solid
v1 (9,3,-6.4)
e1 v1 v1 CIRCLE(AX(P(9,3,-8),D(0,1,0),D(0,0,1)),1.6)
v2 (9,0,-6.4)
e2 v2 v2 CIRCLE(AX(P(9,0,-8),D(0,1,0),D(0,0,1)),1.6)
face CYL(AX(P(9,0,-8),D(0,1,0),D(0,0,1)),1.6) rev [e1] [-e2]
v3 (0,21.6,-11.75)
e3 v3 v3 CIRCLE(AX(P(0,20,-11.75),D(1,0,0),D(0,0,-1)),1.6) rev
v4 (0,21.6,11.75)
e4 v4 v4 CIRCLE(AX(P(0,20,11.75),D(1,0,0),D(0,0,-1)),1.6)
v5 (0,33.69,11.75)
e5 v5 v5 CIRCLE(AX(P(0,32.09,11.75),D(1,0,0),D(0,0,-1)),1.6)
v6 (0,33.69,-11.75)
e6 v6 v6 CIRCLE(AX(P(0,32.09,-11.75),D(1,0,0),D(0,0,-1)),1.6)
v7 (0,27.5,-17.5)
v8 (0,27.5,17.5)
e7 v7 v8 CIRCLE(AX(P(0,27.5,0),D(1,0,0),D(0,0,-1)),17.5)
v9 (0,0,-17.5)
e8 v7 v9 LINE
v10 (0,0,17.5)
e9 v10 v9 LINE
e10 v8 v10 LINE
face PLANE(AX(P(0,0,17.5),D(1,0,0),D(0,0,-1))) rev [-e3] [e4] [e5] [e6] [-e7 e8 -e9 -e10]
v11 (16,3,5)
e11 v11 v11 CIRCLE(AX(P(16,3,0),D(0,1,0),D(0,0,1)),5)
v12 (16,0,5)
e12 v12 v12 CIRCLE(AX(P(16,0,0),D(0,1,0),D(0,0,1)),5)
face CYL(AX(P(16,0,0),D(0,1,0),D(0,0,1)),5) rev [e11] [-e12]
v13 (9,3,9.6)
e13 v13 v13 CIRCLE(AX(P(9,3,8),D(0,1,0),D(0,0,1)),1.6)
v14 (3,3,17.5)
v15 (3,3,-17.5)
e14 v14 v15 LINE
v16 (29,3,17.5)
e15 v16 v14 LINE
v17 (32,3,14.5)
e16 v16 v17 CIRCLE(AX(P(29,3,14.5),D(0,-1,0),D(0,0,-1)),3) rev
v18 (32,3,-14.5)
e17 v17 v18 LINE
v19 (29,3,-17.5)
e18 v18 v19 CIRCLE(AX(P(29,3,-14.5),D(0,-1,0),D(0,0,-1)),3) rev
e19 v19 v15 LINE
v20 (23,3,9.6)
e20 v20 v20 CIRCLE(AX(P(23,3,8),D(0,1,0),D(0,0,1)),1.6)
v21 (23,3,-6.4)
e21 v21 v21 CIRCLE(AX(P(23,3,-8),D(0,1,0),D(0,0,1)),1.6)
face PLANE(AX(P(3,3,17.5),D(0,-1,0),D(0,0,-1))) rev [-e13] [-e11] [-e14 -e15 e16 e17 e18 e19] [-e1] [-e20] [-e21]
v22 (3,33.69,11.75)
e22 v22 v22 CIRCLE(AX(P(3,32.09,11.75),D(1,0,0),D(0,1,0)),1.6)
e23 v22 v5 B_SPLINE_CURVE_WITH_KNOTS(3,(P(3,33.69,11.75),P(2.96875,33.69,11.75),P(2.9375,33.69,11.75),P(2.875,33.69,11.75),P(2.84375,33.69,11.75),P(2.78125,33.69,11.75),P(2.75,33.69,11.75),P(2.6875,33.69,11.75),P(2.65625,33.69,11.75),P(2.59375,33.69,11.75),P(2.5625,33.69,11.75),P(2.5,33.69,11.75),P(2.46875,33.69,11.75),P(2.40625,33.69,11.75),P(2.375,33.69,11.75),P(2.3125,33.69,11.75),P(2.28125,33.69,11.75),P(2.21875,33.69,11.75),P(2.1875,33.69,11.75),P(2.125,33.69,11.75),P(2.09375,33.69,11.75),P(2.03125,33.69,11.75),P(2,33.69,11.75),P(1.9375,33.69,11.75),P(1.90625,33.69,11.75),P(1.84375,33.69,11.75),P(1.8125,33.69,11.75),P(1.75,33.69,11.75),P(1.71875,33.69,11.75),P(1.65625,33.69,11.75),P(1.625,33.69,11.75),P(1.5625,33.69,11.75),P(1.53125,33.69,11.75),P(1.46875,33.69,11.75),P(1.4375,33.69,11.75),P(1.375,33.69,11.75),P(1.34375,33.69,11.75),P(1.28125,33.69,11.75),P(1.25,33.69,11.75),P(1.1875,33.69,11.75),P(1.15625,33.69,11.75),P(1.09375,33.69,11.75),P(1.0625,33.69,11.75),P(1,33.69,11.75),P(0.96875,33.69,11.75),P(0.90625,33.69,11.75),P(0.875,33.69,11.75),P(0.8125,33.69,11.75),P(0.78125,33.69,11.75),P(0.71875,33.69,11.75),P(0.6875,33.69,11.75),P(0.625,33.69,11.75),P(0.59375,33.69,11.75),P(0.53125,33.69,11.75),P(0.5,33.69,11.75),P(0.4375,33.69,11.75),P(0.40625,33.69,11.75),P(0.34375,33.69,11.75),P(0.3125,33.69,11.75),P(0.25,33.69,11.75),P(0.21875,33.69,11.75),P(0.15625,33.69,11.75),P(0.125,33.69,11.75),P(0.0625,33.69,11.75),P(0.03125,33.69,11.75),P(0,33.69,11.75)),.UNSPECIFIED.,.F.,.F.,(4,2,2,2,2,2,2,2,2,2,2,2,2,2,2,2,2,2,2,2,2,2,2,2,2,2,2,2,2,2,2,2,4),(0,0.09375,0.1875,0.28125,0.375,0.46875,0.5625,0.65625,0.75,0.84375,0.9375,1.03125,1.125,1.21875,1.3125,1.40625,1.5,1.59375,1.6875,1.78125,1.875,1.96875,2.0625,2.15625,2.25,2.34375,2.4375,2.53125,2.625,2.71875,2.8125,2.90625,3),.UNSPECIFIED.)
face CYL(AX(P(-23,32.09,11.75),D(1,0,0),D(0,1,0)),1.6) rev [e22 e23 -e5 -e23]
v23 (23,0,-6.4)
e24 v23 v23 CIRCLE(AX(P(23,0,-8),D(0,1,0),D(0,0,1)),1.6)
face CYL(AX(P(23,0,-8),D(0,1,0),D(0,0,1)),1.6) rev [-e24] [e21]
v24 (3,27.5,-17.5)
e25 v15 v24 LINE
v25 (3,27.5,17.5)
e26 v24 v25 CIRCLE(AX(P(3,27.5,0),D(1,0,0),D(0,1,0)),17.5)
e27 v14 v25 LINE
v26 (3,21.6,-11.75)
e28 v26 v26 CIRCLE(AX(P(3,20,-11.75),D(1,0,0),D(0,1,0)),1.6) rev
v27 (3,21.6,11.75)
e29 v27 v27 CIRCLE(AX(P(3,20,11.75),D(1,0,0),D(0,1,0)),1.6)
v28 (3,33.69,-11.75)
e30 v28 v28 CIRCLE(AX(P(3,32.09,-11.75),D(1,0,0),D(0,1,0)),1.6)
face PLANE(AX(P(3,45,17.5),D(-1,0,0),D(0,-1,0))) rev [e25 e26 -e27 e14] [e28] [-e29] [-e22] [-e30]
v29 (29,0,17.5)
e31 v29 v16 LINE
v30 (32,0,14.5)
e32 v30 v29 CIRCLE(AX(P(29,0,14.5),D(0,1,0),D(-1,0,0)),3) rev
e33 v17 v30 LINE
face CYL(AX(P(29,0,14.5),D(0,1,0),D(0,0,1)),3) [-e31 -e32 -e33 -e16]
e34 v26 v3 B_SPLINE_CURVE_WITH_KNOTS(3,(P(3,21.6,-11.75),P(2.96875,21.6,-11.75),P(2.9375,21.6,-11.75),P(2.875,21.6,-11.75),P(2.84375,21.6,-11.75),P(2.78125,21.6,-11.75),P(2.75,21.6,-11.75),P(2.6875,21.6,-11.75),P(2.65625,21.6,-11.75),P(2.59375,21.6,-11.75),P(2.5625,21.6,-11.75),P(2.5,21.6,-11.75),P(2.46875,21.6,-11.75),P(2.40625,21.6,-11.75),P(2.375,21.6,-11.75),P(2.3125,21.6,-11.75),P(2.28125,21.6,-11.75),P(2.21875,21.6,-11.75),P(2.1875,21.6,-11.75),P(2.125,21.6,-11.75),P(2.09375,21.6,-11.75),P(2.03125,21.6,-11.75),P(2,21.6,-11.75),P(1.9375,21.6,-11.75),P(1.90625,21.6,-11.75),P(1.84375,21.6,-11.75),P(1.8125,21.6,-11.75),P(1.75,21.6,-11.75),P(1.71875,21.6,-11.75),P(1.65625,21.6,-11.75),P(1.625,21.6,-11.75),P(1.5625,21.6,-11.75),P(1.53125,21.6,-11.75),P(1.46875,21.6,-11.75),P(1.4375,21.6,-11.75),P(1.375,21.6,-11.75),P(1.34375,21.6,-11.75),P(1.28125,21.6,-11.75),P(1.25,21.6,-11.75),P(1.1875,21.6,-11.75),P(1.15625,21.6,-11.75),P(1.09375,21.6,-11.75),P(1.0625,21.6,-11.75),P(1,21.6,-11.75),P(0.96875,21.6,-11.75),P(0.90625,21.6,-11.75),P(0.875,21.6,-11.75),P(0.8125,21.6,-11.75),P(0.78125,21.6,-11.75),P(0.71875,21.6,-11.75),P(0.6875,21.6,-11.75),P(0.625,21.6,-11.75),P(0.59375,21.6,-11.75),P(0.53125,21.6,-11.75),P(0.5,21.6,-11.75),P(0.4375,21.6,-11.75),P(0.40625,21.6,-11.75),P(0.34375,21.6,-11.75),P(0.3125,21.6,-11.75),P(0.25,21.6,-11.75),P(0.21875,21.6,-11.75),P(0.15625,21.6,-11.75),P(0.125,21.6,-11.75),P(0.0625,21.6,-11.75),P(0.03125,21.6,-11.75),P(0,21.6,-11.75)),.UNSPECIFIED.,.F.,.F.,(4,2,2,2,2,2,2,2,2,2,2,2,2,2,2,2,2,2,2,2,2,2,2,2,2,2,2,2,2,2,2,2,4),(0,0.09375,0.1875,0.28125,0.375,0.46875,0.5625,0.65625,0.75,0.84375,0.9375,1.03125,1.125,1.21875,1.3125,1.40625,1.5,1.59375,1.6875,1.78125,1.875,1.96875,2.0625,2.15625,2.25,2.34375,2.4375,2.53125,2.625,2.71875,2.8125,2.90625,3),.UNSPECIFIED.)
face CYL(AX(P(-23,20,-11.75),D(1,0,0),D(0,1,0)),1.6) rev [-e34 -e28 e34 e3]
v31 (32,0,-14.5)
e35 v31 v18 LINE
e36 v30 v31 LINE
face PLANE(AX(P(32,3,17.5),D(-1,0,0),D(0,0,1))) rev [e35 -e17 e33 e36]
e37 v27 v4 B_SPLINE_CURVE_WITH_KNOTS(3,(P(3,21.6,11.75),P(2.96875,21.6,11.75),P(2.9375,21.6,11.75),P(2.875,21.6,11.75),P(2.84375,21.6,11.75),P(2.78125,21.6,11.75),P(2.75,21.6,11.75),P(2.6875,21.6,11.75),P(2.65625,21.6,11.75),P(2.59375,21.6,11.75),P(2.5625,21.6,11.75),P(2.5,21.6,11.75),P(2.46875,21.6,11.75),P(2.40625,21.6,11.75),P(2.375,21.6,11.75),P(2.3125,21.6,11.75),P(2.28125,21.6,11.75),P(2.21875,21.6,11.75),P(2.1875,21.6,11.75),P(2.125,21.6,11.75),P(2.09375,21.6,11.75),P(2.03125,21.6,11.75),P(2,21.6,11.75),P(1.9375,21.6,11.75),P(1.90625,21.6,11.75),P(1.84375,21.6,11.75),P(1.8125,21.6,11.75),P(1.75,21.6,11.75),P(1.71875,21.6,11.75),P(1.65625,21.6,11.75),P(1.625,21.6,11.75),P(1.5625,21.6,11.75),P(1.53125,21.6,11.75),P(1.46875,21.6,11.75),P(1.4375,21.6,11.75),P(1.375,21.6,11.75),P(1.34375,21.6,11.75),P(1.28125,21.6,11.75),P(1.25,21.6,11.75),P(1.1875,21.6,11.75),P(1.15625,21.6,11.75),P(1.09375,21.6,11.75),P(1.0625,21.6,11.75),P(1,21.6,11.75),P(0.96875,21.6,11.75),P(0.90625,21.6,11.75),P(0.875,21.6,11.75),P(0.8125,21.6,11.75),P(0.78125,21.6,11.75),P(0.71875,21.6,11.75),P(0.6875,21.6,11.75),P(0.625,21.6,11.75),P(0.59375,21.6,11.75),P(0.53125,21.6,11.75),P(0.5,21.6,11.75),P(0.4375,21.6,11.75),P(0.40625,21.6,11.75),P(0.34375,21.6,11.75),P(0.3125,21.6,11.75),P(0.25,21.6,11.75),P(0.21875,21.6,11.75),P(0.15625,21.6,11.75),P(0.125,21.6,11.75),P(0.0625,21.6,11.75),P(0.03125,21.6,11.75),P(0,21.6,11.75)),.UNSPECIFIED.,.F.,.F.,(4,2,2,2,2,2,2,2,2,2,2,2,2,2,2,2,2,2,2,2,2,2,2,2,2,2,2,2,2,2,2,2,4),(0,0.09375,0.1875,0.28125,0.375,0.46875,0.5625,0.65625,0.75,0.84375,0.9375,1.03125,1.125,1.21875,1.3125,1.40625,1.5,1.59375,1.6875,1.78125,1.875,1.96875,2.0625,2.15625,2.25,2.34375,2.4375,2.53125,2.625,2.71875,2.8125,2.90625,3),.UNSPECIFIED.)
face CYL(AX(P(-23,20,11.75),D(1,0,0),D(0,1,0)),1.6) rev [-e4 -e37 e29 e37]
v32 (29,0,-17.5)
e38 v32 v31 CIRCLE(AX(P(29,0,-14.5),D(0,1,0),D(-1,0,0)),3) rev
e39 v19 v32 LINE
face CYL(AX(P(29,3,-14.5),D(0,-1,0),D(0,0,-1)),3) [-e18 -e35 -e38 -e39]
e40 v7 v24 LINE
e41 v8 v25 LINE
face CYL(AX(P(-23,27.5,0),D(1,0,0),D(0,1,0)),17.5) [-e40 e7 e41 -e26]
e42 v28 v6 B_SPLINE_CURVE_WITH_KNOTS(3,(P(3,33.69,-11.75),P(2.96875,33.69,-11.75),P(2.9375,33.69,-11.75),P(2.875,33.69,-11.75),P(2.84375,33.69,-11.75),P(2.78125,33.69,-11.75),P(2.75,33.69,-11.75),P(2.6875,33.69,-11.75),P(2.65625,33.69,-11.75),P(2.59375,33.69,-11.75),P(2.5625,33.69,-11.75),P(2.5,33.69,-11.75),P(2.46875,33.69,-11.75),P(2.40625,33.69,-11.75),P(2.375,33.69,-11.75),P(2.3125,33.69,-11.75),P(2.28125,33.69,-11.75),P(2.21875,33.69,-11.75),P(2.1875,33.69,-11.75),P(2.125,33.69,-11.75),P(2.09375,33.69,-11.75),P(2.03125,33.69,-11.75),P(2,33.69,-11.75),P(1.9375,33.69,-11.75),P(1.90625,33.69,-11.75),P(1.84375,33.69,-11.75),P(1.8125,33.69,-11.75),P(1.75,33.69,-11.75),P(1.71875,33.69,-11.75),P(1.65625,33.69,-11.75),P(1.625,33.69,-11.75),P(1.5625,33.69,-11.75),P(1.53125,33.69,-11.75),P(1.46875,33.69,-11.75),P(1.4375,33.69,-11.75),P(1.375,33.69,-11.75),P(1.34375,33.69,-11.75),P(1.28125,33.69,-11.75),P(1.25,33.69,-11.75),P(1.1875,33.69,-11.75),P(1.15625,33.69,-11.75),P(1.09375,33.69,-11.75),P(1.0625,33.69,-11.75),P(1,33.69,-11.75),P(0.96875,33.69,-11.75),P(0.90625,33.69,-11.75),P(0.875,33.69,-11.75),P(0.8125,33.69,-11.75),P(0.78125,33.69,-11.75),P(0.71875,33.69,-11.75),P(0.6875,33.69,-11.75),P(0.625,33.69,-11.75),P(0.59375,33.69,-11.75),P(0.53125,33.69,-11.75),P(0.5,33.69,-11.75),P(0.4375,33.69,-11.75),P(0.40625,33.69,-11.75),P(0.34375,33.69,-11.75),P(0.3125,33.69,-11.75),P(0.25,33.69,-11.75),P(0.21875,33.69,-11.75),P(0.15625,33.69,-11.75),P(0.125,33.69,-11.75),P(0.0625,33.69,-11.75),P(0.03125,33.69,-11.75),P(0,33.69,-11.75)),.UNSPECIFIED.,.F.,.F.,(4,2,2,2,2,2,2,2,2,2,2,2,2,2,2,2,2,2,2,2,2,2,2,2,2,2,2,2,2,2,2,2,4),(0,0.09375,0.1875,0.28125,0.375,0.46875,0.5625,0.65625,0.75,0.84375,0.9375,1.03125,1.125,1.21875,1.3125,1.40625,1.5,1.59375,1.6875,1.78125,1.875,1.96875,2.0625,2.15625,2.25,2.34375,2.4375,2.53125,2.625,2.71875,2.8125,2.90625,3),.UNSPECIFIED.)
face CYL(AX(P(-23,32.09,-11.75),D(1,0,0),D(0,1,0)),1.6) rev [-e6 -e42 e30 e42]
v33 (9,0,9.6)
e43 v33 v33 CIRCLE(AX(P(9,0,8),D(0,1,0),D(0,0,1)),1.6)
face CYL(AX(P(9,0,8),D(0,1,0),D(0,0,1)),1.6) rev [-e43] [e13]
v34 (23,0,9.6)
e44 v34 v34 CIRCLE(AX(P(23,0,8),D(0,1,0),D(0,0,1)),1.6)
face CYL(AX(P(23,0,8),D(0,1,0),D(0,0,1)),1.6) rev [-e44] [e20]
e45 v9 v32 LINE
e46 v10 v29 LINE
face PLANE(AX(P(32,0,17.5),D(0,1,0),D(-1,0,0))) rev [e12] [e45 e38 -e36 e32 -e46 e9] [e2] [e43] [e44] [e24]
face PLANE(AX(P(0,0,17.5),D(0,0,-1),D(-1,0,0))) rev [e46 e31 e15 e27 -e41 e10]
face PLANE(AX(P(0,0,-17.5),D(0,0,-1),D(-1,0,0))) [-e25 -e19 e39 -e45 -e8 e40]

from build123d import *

# Parameters (mm, degrees)
EXTRUDE_1_DEPTH     = 17.5
SKETCH_2_R          = 1.6
CUT_EXTRUDE_2_DEPTH = 26
SKETCH_3_R          = 5
SKETCH_3_R_2        = 1.6
CUT_EXTRUDE_3_DEPTH = 56.625983137
FILLET_2_R          = 3


with BuildPart() as part:
    # 草图1 → 凸台-拉伸1 (new, symmetric)
    with BuildSketch(Plane.XY):
        Polygon((0, 0), (0, 45), (3, 45), (3, 3), (32, 3), (32, 0), align=None)
    extrude(amount=EXTRUDE_1_DEPTH, both=True)

    # 草图2 → 切除-拉伸2 (cut)
    with BuildSketch(Plane(origin=(3, 0, 0), x_dir=(0, 0, -1), z_dir=(1, 0, 0))):
        with BuildLine():
            Line((17.5, 27.5), (17.5, 45))
            Line((17.5, 45), (3.9e-08, 45))
            ThreePointArc((3.9e-08, 45), (12.374368684, 39.874368657), (17.5, 27.5))
        make_face()
        with BuildLine():
            ThreePointArc((-17.5, 27.5), (-12.374368657, 39.874368684), (3.9e-08, 45))
            Line((3.9e-08, 45), (-17.5, 45))
            Line((-17.5, 45), (-17.5, 27.5))
        make_face()
        with Locations(Location((-11.75, 20, 0), (0, 0, 90))):
            Circle(SKETCH_2_R)
        with Locations(Location((11.75, 20, 0), (0, 0, 90))):
            Circle(SKETCH_2_R)
        with Locations(Location((-11.75, 32.09, 0), (0, 0, 90))):
            Circle(SKETCH_2_R)
        with Locations(Location((11.75, 32.09, 0), (0, 0, 90))):
            Circle(SKETCH_2_R)
    extrude(amount=-CUT_EXTRUDE_2_DEPTH, mode=Mode.SUBTRACT)

    # 草图3 → 切除-拉伸3 (cut, through all)
    with BuildSketch(Plane(origin=(0, 3, 0), x_dir=(1, 0, 0), z_dir=(0, 1, 0))):
        with Locations(Location((16, 0, 0), (0, 0, 270))):
            Circle(SKETCH_3_R)
        with Locations(Location((9, 8, 0), (0, 0, 270))):
            Circle(SKETCH_3_R_2)
        with Locations(Location((23, 8, 0), (0, 0, 270))):
            Circle(SKETCH_3_R_2)
        with Locations(Location((23, -8, 0), (0, 0, 270))):
            Circle(SKETCH_3_R_2)
        with Locations(Location((9, -8, 0), (0, 0, 270))):
            Circle(SKETCH_3_R_2)
    extrude(amount=-CUT_EXTRUDE_3_DEPTH, mode=Mode.SUBTRACT)

    # 圆角2
    fillet_2_edges = [part.edges().sort_by_distance(p)[0] for p in [
        (32, 1.5, -17.5),
        (32, 1.5, 17.5),
    ]]
    fillet(fillet_2_edges, radius=FILLET_2_R)


solid = part.part
